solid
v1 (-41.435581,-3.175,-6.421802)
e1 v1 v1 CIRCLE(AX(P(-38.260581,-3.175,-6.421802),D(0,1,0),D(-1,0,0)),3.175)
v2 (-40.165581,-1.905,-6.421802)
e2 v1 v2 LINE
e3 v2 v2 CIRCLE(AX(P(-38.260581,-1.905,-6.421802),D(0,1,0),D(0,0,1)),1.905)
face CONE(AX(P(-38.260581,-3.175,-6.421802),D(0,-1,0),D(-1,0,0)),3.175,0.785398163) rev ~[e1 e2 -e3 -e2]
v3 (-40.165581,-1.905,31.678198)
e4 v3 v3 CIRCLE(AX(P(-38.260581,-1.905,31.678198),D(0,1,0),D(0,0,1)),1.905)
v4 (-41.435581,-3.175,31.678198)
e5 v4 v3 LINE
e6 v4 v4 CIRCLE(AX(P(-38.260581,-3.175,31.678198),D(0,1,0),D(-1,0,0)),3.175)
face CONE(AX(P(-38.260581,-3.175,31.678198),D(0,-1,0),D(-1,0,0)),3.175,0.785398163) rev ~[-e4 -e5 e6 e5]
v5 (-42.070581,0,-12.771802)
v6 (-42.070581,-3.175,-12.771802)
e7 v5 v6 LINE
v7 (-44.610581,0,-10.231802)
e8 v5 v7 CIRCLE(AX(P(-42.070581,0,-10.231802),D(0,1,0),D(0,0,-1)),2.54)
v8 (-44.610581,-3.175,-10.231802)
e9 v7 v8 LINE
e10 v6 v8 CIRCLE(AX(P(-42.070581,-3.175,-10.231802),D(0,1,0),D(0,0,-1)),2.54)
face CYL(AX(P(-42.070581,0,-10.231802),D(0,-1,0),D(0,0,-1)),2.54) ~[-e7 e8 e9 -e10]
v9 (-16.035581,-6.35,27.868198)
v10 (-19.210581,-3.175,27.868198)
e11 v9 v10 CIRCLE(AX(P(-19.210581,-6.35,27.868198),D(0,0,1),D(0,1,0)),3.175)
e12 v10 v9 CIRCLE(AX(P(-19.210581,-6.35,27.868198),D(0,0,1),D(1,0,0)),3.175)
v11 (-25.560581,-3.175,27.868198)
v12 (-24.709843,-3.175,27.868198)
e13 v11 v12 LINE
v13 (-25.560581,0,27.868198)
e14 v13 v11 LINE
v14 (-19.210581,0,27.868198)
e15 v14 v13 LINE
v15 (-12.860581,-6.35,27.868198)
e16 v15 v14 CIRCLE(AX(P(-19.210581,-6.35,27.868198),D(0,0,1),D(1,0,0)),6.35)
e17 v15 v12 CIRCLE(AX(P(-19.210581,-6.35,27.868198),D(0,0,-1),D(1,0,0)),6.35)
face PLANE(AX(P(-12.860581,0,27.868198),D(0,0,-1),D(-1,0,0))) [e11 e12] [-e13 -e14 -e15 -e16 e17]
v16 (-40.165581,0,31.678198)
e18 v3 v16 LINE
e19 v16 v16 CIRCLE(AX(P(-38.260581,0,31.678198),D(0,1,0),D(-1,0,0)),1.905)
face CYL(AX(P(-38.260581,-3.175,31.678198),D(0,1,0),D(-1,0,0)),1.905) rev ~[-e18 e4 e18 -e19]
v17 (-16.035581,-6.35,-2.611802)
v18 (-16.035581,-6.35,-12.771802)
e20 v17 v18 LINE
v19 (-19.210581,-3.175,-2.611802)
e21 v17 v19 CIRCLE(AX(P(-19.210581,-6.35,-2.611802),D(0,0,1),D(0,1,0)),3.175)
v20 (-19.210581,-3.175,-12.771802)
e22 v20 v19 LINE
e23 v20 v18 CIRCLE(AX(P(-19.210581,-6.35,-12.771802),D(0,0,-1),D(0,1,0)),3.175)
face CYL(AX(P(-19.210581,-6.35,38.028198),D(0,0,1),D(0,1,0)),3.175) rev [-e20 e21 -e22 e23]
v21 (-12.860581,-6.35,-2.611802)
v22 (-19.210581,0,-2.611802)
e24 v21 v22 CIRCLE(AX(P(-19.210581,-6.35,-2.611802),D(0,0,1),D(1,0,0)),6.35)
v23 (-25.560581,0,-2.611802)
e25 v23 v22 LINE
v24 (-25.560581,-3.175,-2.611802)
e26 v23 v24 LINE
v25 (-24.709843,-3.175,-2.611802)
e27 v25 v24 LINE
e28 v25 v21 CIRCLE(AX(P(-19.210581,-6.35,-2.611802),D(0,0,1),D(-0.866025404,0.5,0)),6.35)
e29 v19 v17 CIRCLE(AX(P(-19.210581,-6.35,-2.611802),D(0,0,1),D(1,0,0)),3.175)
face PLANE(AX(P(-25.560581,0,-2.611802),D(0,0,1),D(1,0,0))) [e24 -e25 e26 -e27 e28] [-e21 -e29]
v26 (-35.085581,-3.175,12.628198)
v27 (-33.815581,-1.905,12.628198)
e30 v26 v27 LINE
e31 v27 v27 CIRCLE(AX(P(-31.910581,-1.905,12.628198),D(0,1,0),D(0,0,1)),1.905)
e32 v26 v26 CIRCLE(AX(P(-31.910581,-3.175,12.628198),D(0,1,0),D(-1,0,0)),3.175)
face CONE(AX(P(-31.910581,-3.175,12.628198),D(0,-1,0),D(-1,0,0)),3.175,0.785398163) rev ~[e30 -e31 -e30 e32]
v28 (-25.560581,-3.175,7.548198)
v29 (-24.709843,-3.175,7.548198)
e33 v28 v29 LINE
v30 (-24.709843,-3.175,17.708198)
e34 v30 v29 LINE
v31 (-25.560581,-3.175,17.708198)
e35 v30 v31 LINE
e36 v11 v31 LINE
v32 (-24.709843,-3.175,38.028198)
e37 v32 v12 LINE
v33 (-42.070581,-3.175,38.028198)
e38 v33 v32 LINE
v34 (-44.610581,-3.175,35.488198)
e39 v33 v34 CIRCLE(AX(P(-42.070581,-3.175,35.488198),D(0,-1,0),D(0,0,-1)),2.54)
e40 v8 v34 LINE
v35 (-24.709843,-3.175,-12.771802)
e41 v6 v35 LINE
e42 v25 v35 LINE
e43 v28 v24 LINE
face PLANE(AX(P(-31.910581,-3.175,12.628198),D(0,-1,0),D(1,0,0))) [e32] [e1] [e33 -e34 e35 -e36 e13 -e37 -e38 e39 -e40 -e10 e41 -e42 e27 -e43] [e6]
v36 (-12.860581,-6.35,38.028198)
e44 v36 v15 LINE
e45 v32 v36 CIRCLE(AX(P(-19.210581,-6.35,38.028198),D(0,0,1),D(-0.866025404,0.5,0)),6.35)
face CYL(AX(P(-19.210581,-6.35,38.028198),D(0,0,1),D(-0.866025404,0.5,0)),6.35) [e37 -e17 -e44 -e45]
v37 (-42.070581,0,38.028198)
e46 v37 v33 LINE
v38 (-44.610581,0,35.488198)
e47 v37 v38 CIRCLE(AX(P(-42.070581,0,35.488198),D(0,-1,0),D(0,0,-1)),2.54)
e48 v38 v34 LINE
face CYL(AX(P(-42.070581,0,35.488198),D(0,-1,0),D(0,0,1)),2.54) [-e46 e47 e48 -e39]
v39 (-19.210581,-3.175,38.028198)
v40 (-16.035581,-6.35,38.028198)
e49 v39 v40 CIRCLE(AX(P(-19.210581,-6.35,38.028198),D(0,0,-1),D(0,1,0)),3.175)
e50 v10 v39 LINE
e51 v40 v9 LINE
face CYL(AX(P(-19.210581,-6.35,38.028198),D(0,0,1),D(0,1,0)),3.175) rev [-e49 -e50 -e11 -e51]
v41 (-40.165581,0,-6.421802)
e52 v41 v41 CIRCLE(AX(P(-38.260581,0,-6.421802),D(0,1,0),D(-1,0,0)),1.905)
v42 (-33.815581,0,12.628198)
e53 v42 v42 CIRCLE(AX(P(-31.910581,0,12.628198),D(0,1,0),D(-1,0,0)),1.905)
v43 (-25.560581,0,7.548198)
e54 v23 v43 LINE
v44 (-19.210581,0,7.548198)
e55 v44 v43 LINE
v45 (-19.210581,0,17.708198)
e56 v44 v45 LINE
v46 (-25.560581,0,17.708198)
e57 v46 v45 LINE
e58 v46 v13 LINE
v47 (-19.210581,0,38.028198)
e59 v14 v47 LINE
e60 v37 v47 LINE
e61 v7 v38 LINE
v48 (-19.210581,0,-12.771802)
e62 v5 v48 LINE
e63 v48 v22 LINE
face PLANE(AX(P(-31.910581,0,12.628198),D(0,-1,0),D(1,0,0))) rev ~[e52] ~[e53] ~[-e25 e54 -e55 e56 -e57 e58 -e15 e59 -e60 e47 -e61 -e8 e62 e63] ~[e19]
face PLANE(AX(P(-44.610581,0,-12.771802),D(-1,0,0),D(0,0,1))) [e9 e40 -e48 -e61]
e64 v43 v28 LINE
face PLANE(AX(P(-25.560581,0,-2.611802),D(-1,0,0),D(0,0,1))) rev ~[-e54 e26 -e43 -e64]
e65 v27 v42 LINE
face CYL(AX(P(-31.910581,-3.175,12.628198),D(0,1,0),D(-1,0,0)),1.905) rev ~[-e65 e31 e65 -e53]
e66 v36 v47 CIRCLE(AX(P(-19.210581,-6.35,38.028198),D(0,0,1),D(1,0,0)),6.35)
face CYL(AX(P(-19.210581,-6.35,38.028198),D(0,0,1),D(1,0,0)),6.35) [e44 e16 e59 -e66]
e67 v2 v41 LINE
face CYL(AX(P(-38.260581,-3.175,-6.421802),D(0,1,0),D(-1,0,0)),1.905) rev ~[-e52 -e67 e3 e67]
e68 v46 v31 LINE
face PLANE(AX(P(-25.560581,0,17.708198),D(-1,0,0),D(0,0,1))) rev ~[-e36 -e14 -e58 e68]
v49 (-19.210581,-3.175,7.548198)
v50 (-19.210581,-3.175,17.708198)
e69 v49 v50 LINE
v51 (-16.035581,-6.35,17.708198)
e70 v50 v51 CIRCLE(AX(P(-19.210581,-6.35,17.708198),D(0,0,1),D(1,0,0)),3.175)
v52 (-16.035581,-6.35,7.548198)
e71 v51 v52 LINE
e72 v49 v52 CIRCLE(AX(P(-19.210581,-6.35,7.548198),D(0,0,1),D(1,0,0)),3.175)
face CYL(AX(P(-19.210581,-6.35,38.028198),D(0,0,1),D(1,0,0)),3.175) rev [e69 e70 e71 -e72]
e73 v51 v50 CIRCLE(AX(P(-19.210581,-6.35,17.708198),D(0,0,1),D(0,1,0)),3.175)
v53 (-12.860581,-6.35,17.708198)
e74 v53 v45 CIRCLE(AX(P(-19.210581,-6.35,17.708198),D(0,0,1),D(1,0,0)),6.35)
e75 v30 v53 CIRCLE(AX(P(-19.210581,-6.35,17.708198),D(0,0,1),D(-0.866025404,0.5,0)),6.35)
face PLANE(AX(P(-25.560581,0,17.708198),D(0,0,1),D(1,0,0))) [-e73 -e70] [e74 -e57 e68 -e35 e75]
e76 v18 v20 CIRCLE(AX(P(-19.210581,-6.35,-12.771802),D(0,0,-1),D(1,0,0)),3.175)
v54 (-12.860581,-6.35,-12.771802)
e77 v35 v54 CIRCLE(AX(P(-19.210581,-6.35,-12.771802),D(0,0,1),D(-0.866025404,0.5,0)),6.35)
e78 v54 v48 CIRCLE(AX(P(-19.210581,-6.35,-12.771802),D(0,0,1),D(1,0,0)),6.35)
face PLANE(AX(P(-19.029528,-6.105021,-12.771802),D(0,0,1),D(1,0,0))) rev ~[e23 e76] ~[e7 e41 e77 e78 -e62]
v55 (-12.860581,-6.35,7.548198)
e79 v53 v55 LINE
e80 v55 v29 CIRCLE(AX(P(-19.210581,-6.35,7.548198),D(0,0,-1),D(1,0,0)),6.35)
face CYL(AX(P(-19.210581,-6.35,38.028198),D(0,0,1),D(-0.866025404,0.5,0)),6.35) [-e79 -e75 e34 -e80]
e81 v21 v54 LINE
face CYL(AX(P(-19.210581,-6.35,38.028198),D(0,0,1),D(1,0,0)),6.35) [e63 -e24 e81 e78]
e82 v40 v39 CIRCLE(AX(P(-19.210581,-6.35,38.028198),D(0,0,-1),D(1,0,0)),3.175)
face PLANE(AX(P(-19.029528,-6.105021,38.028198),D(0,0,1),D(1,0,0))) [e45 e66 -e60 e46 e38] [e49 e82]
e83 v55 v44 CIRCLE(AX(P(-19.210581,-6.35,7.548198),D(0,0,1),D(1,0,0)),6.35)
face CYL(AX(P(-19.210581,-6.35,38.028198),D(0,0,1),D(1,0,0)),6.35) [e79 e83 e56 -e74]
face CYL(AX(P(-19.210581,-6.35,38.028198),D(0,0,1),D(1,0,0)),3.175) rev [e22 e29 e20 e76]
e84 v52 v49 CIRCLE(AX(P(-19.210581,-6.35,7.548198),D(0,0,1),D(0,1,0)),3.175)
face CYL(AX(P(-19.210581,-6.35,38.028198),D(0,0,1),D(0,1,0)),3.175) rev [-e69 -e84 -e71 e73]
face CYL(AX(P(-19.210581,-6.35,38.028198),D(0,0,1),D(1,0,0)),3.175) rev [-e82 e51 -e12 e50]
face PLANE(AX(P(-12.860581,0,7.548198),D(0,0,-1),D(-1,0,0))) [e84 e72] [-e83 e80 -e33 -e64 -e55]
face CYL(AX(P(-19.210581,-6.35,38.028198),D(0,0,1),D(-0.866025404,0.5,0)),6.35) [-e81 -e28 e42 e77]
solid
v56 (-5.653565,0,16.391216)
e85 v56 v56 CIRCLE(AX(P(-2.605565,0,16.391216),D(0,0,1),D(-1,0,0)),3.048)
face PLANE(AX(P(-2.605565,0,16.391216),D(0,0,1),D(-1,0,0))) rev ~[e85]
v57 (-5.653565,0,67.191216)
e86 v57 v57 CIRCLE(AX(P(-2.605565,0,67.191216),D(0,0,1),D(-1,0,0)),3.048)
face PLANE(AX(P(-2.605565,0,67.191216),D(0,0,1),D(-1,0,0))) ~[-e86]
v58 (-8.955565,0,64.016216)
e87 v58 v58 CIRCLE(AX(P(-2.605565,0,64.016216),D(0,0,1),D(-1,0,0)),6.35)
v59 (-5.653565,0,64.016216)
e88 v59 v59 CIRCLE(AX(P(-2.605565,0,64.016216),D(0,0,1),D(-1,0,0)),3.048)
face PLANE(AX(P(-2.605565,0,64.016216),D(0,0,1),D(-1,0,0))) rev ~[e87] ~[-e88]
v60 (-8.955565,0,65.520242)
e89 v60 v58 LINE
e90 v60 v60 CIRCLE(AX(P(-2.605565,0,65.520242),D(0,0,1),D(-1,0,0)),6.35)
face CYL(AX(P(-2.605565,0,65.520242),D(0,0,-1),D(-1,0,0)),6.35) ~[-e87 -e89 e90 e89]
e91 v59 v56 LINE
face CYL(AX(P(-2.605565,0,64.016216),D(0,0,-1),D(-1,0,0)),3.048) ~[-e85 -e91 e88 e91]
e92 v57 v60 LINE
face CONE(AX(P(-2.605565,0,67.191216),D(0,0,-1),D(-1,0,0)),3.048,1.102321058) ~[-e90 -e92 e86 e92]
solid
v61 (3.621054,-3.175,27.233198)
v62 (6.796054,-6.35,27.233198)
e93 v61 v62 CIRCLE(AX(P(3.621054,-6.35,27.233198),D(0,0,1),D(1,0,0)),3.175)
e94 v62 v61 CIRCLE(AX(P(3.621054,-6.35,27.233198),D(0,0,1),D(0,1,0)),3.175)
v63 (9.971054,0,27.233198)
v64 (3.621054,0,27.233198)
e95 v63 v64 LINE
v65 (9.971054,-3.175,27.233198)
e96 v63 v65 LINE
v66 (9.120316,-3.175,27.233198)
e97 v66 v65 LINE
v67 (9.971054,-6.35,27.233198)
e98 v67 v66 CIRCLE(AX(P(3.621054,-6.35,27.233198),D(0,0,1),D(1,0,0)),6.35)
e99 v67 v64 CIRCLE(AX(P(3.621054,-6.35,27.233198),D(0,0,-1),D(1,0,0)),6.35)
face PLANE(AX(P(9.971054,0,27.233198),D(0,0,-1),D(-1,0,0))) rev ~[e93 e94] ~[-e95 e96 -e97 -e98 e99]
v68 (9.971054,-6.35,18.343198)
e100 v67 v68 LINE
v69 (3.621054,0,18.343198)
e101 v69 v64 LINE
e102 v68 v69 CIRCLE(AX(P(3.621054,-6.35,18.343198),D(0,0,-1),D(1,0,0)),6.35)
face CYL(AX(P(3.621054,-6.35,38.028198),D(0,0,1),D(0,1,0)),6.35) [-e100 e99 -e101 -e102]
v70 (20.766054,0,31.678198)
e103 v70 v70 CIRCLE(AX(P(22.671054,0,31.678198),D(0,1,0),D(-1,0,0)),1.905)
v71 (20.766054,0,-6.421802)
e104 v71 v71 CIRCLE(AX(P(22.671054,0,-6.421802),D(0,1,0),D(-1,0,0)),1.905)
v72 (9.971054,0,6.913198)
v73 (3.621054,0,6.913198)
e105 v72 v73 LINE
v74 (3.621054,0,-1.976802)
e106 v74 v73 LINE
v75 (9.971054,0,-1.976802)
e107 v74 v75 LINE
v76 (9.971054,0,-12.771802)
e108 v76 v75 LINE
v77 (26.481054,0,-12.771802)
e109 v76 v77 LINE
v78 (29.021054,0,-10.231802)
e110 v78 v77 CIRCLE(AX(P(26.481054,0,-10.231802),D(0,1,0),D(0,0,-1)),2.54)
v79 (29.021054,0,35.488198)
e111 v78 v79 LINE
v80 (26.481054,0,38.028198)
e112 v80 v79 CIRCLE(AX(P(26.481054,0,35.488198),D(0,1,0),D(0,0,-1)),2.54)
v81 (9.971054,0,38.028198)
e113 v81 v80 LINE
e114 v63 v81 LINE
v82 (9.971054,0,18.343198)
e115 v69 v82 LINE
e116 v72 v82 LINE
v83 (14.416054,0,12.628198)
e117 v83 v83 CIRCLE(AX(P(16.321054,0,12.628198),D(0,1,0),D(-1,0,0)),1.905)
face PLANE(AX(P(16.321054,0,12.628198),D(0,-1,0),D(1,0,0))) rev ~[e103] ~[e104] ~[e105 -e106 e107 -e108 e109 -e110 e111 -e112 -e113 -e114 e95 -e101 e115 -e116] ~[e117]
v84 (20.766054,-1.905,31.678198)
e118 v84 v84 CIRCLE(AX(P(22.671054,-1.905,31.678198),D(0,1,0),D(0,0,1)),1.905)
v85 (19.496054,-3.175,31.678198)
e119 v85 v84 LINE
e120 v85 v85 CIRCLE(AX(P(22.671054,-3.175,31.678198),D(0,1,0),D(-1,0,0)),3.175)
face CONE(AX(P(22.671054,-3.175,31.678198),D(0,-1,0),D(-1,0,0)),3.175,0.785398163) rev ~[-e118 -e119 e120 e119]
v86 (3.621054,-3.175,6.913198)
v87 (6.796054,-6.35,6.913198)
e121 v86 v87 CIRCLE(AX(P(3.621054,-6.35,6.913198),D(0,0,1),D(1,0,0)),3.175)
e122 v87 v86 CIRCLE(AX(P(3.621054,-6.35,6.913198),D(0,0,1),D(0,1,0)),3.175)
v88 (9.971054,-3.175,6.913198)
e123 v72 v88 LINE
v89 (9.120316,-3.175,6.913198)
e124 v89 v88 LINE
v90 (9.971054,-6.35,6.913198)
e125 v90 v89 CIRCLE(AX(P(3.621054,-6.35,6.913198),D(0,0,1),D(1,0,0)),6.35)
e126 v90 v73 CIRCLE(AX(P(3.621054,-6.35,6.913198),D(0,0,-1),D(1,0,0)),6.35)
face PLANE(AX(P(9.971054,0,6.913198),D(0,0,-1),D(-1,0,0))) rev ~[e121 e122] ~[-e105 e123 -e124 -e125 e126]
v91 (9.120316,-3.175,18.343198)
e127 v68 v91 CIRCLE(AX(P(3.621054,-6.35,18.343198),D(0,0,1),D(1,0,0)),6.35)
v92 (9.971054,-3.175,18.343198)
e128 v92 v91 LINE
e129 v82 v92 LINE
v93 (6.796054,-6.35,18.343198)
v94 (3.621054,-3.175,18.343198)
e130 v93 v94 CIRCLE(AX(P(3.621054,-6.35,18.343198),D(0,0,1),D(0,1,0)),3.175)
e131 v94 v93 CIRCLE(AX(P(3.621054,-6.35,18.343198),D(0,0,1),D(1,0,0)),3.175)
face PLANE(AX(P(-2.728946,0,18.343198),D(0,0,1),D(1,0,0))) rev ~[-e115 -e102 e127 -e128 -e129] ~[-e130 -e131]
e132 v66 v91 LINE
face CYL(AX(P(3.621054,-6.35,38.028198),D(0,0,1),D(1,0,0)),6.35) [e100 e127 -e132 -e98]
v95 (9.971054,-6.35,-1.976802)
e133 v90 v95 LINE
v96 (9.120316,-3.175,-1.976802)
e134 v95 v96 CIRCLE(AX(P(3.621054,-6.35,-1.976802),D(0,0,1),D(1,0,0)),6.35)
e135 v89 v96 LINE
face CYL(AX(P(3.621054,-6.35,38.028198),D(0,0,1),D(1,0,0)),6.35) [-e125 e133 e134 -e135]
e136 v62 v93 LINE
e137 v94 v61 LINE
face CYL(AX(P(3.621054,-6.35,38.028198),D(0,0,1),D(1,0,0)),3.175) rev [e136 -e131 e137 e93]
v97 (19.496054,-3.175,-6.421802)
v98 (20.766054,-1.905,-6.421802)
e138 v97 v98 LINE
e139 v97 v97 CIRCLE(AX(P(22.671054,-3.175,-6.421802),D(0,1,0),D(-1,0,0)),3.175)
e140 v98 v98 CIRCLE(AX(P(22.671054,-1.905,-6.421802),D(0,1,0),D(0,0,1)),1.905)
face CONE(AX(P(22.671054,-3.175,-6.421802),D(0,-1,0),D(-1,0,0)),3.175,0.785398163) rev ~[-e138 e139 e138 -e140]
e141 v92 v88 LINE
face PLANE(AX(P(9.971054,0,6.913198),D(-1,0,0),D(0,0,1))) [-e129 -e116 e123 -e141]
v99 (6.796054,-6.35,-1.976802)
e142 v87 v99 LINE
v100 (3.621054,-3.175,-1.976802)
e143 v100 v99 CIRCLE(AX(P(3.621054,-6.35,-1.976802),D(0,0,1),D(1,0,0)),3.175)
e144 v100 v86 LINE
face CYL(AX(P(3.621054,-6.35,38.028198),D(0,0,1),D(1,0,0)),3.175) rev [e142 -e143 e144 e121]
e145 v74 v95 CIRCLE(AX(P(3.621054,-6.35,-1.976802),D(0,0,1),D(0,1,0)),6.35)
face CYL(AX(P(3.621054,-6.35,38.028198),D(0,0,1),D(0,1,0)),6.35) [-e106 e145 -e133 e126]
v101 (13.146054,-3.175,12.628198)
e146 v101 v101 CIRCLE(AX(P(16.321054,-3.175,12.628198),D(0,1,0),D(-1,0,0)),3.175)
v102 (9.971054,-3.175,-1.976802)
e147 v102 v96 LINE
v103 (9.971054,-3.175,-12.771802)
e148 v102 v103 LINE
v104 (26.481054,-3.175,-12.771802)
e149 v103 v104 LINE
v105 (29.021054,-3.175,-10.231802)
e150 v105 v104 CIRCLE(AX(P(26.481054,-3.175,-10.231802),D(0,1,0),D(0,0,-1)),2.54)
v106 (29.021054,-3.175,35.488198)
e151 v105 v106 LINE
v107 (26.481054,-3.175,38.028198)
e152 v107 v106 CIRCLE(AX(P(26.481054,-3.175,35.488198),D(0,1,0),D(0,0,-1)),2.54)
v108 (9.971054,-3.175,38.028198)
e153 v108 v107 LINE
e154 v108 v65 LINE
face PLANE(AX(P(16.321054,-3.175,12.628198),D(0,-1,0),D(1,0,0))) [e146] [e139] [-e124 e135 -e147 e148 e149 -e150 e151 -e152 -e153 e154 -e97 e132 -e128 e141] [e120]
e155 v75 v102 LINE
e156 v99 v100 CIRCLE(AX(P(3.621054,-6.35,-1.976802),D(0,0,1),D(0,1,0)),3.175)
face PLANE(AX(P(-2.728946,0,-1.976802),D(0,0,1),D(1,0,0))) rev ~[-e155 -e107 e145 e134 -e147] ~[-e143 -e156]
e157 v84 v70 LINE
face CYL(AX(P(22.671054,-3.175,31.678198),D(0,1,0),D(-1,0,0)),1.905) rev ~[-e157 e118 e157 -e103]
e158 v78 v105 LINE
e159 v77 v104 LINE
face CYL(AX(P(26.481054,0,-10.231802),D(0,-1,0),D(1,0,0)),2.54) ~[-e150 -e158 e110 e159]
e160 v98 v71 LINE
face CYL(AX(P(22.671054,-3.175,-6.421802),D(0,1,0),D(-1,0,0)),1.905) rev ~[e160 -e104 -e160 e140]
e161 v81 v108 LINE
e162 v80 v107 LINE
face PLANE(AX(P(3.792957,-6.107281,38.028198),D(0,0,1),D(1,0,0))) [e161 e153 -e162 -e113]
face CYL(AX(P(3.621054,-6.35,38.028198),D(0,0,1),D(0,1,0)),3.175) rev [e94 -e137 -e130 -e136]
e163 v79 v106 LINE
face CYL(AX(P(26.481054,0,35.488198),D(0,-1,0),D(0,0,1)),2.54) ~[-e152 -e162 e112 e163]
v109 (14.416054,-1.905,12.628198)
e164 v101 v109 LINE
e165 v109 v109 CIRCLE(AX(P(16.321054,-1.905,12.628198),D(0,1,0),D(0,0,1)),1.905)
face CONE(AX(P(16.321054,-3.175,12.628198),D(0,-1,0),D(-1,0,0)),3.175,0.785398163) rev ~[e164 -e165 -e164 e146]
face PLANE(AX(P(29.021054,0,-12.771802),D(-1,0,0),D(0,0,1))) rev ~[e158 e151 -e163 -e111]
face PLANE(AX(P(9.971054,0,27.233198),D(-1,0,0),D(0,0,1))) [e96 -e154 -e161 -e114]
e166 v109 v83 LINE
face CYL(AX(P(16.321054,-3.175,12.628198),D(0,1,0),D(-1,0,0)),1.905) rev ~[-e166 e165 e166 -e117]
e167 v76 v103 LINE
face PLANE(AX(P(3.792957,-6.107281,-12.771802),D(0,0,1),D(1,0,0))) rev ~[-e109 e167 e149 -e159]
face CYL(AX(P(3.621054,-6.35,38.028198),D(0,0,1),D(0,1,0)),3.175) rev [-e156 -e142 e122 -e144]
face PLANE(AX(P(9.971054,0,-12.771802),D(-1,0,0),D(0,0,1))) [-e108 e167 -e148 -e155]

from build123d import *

# Parameters (mm, degrees)
F0_W            = 25.4
F0_H            = 50.8
F1_DEPTH        = 3.175
F3_DEPTH        = 50.8
F5_R            = 2.54
F6_W            = 6.35
F6_H            = 10.16
F7_DEPTH        = 25.4
F8_W            = 25.4
F8_H            = 50.8
F9_DEPTH        = 3.175
F11_DEPTH       = 50.8
F12_W           = 6.35
F12_H           = 10.795
F12_H_2         = 11.43
F13_DEPTH       = 25.4
F17_D           = 3.81
F17_CSINK_D     = 6.35
F17_CSINK_ANGLE = 90
F18_D           = 3.81
F18_CSINK_D     = 6.35
F18_CSINK_ANGLE = 90
F19_R           = 2.54


with BuildPart() as f1:
    # F0 (on Front) → F1 (new body)
    with BuildSketch(Plane.XZ):
        with Locations((-31.9105814096, 12.6281981356)):
            Rectangle(F0_W, F0_H)
    extrude(amount=F1_DEPTH)

    # F2 (on face) → F3 (join, through all)
    with BuildSketch(Plane.XY.offset(38.0281981356)):
        with BuildLine():
            ThreePointArc((-24.7098427237, -3.175), (-20.854082346, -12.4836289969), (-12.8605814096, -6.35))
            ThreePointArc((-12.8605814096, -6.35), (-14.7204533491, -1.8598719395), (-19.2105814096, 0))
            Line((-19.2105814096, 0), (-19.2105814096, -3.175))
            Line((-19.2105814096, -3.175), (-24.7098427237, -3.175))
        make_face()
        with BuildLine():
            ThreePointArc((-16.0355814096, -6.35), (-21.4556454399, -8.5950640303), (-19.2105814096, -3.175))
            ThreePointArc((-19.2105814096, -3.175), (-16.9655173794, -4.1049359697), (-16.0355814096, -6.35))
        make_face(mode=Mode.SUBTRACT)
        with BuildLine():
            Line((-19.2105814096, -3.175), (-19.2105814096, 0))
            ThreePointArc((-19.2105814096, 0), (-22.3855814096, -0.850738686), (-24.7098427237, -3.175))
            Line((-24.7098427237, -3.175), (-19.2105814096, -3.175))
        make_face()
    extrude(amount=-F3_DEPTH)

    # F5
    f5_edges = [f1.edges().sort_by_distance(p)[0] for p in [
        (-44.610581, -1.5875, 38.028198),
        (-44.610581, -1.5875, -12.771802),
    ]]
    fillet(f5_edges, radius=F5_R)

    # F6 (on face) → F7 (cut)
    with BuildSketch(Plane.XZ):
        with Locations((-22.3855814096, 22.7881981356)):
            Rectangle(F6_W, F6_H)
        with Locations((-16.0355814096, 22.7881981356)):
            Rectangle(F6_W, F6_H)
        with Locations((-22.3855814096, 2.4681981356)):
            Rectangle(F6_W, F6_H)
        with Locations((-16.0355814096, 2.4681981356)):
            Rectangle(F6_W, F6_H)
    extrude(amount=F7_DEPTH, mode=Mode.SUBTRACT)

    # F17 (through all)
    with Locations(Plane.XZ.offset(3.175)):
        with Locations((-38.2605814096, 31.6781981356), (-31.9105814096, 12.6281981356), (-38.2605814096, -6.4218018644)):
            CounterSinkHole(F17_D / 2, F17_CSINK_D / 2, counter_sink_angle=F17_CSINK_ANGLE)


with BuildPart() as f9:
    # F8 (on Front) → F9 (new body)
    with BuildSketch(Plane.XZ):
        with Locations((16.3210542523, 12.6281981356)):
            Rectangle(F8_W, F8_H)
    extrude(amount=F9_DEPTH)

    # F10 (on face) → F11 (join, through all)
    with BuildSketch(Plane.XY.offset(38.0281981356)):
        with BuildLine():
            Line((3.6210542523, -3.175), (3.6210542523, 0))
            ThreePointArc((3.6210542523, 0), (-0.8690738082, -10.8401280605), (9.9710542523, -6.35))
            ThreePointArc((9.9710542523, -6.35), (9.7546832493, -4.7064990636), (9.1203155664, -3.175))
            Line((9.1203155664, -3.175), (3.6210542523, -3.175))
        make_face()
        with BuildLine():
            ThreePointArc((6.7960542523, -6.35), (1.3759902221, -8.5950640303), (3.6210542523, -3.175))
            ThreePointArc((3.6210542523, -3.175), (5.8661182826, -4.1049359697), (6.7960542523, -6.35))
        make_face(mode=Mode.SUBTRACT)
    extrude(amount=-F11_DEPTH)

    # F12 (on face) → F13 (cut)
    with BuildSketch(Plane(origin=(0, 0, 0), x_dir=(-1, 0, 0), z_dir=(0, 1, 0))):
        with Locations((-0.4460542523, 32.6306981356)):
            Rectangle(F12_W, F12_H)
        with Locations((-6.7960542523, 32.6306981356)):
            Rectangle(F12_W, F12_H)
        with Locations((-6.7960542523, 12.6281981356)):
            Rectangle(F12_W, F12_H_2)
        with Locations((-0.4460542523, 12.6281981356)):
            Rectangle(F12_W, F12_H_2)
        with Locations((-0.4460542523, -7.3743018644)):
            Rectangle(F12_W, F12_H)
        with Locations((-6.7960542523, -7.3743018644)):
            Rectangle(F12_W, F12_H)
    extrude(amount=-F13_DEPTH, mode=Mode.SUBTRACT)

    # F18 (through all)
    with Locations(Plane.XZ.offset(3.175)):
        with Locations((22.6710542523, 31.6781981356), (16.3210542523, 12.6281981356), (22.6710542523, -6.4218018644)):
            CounterSinkHole(F18_D / 2, F18_CSINK_D / 2, counter_sink_angle=F18_CSINK_ANGLE)

    # F19
    f19_edges = [f9.edges().sort_by_distance(p)[0] for p in [
        (29.021054, -1.5875, 38.028198),
        (29.021054, -1.5875, -12.771802),
    ]]
    fillet(f19_edges, radius=F19_R)


with BuildPart() as f15:
    # F14 (on Front) → F15 (revolve)
    with BuildSketch(Plane.XZ):
        Polygon((-8.9555652812, 64.0162163931), (-5.6535652812, 64.0162163931), (-5.6535652812, 16.3912163931), (-2.6055652812, 16.3912163931), (-2.6055652812, 67.1912163931), (-5.6535652812, 67.1912163931), (-8.9555652812, 65.5202418566), align=None)
    revolve(axis=Axis((-2.6055652812, 0, 41.7912163931), (0, 0, 1)))


solid = Compound([f1.part, f9.part, f15.part])
